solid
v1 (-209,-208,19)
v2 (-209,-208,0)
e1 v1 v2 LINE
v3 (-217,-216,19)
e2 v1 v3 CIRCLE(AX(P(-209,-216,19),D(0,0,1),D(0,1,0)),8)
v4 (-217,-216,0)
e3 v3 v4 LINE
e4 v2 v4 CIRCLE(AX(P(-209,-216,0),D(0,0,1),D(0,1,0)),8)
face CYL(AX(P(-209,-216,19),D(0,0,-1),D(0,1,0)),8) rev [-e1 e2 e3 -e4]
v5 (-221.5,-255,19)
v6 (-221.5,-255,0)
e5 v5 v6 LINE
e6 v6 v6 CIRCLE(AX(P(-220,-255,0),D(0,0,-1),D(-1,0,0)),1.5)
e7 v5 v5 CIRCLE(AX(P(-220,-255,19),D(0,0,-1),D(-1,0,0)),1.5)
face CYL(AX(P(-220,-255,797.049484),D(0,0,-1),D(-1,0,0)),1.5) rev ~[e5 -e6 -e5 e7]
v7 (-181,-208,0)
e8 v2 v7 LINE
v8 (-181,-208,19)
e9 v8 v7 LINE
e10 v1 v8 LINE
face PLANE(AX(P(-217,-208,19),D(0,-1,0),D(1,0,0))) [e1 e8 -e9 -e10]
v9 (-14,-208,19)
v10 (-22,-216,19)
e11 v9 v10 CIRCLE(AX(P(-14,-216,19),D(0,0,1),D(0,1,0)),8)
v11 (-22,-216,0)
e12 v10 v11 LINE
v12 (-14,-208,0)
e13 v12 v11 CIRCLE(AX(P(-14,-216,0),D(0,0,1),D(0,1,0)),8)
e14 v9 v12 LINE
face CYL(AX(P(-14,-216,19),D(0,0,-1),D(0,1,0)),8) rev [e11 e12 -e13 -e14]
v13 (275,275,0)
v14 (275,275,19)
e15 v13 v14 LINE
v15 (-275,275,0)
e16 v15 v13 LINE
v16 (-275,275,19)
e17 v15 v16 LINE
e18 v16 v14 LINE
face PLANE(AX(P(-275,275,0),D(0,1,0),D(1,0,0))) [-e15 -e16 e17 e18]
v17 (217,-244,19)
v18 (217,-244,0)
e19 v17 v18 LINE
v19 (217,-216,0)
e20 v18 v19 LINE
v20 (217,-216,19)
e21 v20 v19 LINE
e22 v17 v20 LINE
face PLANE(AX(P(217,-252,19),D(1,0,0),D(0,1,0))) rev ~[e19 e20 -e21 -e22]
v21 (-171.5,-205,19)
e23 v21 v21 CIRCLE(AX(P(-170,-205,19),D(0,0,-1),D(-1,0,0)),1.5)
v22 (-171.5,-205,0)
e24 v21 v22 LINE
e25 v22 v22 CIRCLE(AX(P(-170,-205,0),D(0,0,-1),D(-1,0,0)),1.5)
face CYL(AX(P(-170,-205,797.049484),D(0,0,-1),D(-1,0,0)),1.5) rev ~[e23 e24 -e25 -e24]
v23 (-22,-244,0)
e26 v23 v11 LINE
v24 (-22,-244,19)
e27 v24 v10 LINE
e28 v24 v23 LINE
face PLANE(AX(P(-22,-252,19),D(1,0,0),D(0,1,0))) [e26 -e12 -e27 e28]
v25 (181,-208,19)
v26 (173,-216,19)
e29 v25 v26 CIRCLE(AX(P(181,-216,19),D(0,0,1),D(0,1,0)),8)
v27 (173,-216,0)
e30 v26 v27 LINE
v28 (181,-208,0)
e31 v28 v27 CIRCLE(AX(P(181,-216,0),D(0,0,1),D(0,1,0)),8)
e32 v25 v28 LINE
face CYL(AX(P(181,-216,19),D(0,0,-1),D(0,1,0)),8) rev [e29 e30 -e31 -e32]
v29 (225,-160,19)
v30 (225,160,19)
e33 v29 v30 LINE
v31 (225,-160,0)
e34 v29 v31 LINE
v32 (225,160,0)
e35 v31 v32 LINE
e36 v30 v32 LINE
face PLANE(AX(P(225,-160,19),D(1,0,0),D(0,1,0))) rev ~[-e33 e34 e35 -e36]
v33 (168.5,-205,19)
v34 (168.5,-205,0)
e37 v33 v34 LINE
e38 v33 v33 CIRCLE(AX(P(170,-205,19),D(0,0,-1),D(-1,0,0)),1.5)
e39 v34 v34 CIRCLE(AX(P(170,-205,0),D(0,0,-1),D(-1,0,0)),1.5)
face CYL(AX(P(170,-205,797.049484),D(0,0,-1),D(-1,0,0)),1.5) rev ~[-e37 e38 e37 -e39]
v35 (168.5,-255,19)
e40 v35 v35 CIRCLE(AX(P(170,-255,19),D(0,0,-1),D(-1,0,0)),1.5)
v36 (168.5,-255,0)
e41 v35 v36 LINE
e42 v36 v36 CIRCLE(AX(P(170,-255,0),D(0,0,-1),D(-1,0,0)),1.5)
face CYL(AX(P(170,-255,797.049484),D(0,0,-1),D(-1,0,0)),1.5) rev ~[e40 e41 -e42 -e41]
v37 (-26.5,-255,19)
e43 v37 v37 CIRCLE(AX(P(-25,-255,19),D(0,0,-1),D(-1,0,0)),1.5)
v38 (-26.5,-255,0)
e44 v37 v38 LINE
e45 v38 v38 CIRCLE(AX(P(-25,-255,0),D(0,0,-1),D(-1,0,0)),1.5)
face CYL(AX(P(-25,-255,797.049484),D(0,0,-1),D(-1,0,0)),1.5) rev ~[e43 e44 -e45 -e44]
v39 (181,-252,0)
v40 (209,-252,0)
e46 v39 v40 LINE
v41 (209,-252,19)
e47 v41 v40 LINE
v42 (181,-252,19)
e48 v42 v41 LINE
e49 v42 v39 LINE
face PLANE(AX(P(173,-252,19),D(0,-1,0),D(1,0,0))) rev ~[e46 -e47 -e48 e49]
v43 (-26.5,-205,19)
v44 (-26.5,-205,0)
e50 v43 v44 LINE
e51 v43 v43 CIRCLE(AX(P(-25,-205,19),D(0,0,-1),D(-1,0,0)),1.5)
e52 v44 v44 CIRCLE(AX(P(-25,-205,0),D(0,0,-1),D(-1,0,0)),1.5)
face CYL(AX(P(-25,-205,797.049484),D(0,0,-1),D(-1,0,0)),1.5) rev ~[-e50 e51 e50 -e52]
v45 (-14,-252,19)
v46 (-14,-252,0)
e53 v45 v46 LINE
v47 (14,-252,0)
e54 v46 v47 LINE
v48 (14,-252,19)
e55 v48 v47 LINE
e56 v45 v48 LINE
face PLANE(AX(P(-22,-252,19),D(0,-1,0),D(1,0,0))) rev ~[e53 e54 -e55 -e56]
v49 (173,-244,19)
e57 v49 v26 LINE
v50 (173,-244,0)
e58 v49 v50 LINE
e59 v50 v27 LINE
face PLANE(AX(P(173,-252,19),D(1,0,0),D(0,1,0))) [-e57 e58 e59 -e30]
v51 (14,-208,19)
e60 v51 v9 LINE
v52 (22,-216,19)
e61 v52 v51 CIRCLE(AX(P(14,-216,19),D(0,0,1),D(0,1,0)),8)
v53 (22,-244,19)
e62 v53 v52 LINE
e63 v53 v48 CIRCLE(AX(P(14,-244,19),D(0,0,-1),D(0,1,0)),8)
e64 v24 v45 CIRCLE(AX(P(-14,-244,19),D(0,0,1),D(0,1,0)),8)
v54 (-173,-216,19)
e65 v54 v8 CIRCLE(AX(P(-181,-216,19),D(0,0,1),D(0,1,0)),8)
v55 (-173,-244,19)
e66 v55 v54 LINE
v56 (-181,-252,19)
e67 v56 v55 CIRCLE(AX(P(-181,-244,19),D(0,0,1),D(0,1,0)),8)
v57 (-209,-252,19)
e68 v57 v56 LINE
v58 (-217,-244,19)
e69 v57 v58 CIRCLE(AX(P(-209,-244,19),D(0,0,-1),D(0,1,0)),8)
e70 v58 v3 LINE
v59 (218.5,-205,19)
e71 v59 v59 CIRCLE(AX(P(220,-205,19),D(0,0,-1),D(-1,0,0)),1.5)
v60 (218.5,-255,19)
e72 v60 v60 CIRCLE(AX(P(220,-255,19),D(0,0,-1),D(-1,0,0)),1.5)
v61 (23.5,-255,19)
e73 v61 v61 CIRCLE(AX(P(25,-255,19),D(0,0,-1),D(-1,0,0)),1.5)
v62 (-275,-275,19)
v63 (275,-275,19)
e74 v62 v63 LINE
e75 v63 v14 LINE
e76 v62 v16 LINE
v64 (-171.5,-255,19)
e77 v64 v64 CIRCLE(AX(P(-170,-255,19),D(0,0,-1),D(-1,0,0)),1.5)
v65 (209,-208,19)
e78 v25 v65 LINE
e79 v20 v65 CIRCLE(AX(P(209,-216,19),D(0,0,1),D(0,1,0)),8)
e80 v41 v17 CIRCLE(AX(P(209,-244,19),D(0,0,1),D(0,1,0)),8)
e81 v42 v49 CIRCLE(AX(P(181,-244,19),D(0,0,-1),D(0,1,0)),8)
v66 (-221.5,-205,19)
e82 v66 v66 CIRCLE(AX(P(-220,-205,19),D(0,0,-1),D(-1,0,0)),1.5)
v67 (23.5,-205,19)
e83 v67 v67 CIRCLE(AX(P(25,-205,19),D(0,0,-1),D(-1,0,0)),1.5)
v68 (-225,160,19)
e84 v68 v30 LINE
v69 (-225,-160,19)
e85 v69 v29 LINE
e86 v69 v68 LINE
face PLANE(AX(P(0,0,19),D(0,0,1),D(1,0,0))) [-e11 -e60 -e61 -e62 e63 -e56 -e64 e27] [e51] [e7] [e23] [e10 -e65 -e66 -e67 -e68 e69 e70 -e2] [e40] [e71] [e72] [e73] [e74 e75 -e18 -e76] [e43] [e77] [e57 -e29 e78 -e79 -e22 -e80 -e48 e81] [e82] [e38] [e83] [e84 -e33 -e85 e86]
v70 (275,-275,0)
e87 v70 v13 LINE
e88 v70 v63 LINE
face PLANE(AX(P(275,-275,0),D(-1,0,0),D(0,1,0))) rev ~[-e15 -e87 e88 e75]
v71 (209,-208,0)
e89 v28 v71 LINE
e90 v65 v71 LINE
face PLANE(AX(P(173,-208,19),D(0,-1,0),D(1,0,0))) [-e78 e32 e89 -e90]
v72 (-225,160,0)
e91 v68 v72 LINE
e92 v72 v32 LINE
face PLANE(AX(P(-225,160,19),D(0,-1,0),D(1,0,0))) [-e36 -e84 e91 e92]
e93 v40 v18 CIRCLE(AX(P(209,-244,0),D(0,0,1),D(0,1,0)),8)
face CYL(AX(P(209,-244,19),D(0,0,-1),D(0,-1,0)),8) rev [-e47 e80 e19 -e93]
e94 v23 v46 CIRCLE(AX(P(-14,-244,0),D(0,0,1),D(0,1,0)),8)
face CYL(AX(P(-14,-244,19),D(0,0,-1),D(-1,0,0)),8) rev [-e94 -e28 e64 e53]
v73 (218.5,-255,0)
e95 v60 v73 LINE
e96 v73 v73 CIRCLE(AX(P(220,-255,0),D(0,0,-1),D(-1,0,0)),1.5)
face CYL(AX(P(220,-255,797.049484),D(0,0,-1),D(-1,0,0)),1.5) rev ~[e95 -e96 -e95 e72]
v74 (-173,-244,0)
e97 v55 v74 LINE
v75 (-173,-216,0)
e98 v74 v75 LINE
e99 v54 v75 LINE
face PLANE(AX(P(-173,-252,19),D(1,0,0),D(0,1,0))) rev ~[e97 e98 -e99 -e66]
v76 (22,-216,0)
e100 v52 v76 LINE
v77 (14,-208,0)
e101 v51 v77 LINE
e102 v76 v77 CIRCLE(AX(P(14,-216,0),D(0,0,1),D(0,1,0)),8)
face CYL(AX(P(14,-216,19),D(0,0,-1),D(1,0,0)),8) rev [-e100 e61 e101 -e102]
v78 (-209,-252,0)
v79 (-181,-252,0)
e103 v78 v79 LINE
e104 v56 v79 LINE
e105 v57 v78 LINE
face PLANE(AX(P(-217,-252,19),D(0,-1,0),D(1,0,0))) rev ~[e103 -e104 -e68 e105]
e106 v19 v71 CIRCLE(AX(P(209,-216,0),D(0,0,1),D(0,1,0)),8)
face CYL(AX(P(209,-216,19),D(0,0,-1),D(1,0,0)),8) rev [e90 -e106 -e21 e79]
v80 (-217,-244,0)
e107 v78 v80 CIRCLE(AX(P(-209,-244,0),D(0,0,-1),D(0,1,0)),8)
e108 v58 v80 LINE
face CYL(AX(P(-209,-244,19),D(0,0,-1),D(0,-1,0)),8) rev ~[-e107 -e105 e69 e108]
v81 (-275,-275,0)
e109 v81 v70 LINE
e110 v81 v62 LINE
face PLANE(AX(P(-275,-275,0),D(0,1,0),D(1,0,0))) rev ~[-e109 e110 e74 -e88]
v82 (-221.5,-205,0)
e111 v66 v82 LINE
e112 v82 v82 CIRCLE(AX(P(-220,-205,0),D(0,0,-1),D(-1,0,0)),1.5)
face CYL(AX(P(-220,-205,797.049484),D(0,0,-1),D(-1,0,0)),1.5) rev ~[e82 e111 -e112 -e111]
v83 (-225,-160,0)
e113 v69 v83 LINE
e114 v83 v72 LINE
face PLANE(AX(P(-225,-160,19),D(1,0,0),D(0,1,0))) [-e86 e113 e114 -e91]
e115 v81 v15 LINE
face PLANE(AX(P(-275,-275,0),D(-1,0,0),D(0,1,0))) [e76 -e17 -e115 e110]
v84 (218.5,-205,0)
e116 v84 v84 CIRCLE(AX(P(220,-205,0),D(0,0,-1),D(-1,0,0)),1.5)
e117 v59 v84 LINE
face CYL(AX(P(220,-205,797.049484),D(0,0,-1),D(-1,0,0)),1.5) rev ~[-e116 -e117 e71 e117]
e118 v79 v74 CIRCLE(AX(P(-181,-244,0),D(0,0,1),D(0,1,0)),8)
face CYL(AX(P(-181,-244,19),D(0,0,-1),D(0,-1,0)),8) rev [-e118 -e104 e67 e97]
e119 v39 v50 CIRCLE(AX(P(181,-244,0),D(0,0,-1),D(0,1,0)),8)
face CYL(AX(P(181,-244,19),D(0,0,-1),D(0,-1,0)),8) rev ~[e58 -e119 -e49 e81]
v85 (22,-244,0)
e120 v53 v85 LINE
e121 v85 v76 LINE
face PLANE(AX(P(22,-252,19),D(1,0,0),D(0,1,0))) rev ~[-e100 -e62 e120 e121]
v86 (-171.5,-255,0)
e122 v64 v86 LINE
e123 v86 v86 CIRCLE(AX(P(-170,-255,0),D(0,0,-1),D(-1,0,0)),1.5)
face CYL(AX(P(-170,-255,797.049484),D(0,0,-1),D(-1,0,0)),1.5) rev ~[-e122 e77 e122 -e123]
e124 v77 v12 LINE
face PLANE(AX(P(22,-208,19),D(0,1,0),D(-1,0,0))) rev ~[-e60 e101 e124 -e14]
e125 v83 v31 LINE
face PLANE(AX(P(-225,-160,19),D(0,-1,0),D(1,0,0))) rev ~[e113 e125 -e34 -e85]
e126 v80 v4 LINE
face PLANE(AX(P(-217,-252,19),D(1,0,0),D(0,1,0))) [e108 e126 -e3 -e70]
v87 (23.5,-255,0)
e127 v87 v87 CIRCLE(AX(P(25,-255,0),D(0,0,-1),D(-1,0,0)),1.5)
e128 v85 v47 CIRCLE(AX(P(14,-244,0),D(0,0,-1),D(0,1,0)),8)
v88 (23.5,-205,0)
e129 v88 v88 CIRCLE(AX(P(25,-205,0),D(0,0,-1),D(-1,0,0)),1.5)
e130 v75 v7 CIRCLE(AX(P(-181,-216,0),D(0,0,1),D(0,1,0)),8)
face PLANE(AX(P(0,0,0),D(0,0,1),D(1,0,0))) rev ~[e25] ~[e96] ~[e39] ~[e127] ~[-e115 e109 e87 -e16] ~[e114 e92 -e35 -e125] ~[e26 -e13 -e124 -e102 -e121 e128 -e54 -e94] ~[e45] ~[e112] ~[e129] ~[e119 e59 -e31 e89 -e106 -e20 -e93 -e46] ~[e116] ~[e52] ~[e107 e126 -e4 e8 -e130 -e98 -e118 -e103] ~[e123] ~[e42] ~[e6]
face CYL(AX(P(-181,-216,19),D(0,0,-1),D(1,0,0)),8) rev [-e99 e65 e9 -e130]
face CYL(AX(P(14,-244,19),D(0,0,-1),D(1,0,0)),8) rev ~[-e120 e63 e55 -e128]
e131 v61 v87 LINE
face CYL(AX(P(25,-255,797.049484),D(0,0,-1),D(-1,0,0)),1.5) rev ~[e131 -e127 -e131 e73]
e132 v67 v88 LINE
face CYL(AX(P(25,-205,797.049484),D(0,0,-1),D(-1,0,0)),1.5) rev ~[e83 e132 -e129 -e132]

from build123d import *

# Parameters (mm, degrees)
F0_W     = 550
F0_H     = 550
F1_DEPTH = 19
F2_W     = 450
F2_H     = 320
F3_DEPTH = 25
F5_D     = 3
F4_W     = 44
F4_H     = 44
F4_W_2   = 22
F6_DEPTH = 25
F7_R     = 8


with BuildPart() as f1:
    # F0 (on Top) → F1 (new body)
    with BuildSketch(Plane.XY):
        Rectangle(F0_W, F0_H)
    extrude(amount=F1_DEPTH)

    # F2 (on face) → F3 (cut)
    with BuildSketch(Plane.XY.offset(19)):
        Rectangle(F2_W, F2_H)
    extrude(amount=-F3_DEPTH, mode=Mode.SUBTRACT)

    # F5 (through all)
    with Locations(Plane.XY.offset(19)):
        with Locations((220, -255), (220, -205), (170, -205), (170, -255), (-220, -205), (-220, -255), (-170, -255), (-25, -205), (-25, -255), (25, -255), (25, -205), (-170, -205)):
            Hole(F5_D / 2)

    # F4 (on face) → F6 (cut)
    with BuildSketch(Plane.XY.offset(19)):
        with Locations((195, -230)):
            Rectangle(F4_W, F4_H)
        with Locations((-195, -230)):
            Rectangle(F4_W, F4_H)
        with Locations((11, -230)):
            Rectangle(F4_W_2, F4_H)
        with Locations((-11, -230)):
            Rectangle(F4_W_2, F4_H)
    extrude(amount=-F6_DEPTH, mode=Mode.SUBTRACT)

    # F7
    f7_edges = [f1.edges().sort_by_distance(p)[0] for p in [
        (173, -208, 9.5),
        (217, -208, 9.5),
        (173, -252, 9.5),
        (217, -252, 9.5),
        (-217, -252, 9.5),
        (-217, -208, 9.5),
        (-173, -208, 9.5),
        (-173, -252, 9.5),
        (-22, -252, 9.5),
        (22, -252, 9.5),
        (22, -208, 9.5),
        (-22, -208, 9.5),
    ]]
    fillet(f7_edges, radius=F7_R)


solid = f1.part
